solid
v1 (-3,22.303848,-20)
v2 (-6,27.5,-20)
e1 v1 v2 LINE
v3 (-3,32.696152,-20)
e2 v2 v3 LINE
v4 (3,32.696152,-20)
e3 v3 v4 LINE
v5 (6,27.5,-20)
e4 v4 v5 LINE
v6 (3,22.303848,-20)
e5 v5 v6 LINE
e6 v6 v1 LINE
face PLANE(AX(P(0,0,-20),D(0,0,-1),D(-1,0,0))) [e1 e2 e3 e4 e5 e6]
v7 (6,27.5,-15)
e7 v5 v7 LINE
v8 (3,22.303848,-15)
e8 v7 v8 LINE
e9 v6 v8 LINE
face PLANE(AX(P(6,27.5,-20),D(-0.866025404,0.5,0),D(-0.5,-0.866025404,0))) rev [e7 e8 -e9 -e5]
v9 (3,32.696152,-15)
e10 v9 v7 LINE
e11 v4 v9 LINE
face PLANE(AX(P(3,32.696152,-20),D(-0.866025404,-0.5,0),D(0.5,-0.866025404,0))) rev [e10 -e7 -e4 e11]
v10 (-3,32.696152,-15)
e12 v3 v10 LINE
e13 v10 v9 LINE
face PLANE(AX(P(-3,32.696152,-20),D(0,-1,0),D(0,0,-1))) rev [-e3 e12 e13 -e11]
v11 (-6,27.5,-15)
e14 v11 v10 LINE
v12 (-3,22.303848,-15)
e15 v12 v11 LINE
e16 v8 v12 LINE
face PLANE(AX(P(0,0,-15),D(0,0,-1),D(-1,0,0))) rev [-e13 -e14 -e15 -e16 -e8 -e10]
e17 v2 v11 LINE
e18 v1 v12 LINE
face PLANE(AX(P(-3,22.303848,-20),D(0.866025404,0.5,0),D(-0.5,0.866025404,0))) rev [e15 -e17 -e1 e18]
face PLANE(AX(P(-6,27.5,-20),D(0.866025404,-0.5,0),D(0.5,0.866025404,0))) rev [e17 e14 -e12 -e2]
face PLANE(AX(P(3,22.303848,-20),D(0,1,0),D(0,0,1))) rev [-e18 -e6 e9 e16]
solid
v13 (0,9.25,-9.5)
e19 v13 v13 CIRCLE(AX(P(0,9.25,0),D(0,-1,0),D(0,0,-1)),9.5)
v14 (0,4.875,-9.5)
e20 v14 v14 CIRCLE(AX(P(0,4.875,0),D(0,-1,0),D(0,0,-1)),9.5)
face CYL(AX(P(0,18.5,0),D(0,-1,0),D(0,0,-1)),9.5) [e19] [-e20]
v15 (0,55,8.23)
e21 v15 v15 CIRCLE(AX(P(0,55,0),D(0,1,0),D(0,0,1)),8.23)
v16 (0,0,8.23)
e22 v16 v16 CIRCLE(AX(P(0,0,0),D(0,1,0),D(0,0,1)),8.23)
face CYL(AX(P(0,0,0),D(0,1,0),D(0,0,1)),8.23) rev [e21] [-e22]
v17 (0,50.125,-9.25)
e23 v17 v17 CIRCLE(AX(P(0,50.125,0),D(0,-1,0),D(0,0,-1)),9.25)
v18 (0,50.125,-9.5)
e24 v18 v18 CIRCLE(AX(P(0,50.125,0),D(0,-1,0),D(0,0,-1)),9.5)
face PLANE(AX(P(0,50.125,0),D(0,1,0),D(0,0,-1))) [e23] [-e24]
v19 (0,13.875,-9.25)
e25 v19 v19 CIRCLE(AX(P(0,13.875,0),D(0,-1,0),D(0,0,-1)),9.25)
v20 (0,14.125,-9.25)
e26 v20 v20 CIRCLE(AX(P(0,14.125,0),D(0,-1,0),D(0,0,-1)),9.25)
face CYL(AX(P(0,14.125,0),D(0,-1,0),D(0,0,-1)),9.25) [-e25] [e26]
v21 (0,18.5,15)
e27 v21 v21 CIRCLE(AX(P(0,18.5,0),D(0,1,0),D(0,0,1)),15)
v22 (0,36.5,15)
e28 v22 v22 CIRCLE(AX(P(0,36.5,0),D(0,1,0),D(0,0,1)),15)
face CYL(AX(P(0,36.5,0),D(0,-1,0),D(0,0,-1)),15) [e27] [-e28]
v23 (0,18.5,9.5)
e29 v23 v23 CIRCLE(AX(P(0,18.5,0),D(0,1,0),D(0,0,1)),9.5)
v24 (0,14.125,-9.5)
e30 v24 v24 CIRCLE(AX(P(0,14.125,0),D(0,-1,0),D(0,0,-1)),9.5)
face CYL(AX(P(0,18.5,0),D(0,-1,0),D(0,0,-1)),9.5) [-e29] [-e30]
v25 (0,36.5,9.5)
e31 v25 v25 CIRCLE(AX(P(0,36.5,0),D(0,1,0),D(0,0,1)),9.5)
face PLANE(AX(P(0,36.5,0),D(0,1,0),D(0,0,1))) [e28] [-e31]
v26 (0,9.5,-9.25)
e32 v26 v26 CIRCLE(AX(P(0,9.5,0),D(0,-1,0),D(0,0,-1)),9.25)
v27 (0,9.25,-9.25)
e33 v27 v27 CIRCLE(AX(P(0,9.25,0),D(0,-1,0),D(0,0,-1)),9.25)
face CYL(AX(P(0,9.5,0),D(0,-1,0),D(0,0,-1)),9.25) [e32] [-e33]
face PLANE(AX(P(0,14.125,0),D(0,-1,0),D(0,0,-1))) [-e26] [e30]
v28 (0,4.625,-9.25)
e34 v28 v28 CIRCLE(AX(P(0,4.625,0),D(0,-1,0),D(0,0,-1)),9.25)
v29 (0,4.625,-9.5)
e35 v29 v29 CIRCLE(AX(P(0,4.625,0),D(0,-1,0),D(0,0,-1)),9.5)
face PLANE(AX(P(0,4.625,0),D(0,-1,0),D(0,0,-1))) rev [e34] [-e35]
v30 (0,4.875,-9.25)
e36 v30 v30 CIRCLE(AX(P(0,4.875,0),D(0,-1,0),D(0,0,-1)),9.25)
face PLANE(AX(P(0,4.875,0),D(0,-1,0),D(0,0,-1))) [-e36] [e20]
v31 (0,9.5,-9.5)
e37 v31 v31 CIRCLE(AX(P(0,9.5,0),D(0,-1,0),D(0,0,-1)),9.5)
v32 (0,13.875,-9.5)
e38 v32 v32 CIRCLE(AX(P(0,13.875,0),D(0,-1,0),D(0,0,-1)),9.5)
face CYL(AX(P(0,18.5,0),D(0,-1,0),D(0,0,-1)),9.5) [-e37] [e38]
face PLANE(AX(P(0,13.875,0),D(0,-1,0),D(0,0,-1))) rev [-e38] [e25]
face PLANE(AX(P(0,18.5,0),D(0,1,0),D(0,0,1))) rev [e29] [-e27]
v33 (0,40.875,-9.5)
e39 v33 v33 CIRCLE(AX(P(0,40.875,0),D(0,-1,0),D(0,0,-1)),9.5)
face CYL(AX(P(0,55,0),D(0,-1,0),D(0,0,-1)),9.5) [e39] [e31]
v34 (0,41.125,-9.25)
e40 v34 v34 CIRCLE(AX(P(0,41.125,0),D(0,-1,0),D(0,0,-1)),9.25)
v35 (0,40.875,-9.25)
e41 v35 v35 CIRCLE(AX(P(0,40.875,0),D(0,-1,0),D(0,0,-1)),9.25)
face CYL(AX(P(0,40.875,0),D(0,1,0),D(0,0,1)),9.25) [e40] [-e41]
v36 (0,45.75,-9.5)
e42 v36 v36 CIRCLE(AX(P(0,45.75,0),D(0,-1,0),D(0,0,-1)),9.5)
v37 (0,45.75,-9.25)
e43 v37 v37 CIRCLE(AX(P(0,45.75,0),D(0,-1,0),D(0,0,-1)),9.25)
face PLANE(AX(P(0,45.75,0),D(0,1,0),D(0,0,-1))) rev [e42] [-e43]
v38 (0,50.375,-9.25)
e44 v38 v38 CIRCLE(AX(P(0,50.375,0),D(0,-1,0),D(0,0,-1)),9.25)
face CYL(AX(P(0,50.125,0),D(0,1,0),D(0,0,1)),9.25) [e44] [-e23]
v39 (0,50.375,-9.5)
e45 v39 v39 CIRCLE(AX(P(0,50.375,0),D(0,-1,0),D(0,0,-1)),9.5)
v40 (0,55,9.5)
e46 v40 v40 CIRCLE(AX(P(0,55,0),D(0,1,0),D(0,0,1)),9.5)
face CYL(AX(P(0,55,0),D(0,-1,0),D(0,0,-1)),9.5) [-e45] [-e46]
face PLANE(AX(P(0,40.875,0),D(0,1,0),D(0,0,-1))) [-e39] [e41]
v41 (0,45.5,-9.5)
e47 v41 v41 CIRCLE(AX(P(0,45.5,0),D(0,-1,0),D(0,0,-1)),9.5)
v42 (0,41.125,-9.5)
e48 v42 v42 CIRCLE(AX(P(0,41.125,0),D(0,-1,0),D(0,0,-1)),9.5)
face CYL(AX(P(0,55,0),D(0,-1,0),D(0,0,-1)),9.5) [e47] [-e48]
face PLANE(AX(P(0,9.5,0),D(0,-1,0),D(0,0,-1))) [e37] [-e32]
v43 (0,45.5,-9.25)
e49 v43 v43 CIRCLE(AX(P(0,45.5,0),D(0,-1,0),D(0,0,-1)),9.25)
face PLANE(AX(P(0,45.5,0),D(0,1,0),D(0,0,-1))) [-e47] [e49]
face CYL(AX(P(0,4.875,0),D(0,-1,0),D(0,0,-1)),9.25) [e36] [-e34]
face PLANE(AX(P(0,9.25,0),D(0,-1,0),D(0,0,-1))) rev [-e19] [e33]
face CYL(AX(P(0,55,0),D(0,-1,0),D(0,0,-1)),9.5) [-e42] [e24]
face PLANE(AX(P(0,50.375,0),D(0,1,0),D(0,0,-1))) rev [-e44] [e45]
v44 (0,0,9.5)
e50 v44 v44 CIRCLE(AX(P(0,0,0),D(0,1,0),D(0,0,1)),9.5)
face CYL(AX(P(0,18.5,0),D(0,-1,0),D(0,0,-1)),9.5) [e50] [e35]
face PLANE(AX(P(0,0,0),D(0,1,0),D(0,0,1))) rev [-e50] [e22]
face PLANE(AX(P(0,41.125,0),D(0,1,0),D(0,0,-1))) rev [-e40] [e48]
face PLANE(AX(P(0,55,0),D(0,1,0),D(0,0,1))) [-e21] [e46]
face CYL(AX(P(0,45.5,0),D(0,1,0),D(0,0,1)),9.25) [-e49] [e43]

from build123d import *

# Parameters (mm, degrees)
SKETCH1_R                 = 9.5
BOSS_EXTRUDE1_DEPTH       = 18.5
SKETCH2_R                 = 15
BOSS_EXTRUDE2_DEPTH       = 18
SKETCH3_R                 = 9.5
BOSS_EXTRUDE3_DEPTH       = 18.5
SKETCH4_R                 = 9.5
SKETCH4_R_2               = 9.25
CUT_EXTRUDE3_DEPTH        = 0.25
LPATTERN1_COUNT           = 3
LPATTERN1_PITCH           = 4.625
MIRROR1_COPY_1_SKETCH_R   = 9.5
MIRROR1_COPY_1_SKETCH_R_2 = 9.25
MIRROR1_COPY_1_DEPTH      = 0.25
MIRROR1_COPY_2_SKETCH_R   = 9.5
MIRROR1_COPY_2_SKETCH_R_2 = 9.25
MIRROR1_COPY_2_DEPTH      = 0.25
BOSS_EXTRUDE4_DEPTH       = 5
SKETCH6_R                 = 8.23
CUT_EXTRUDE4_DEPTH        = 61.415229868


with BuildPart() as part:
    # Sketch1 → Boss-Extrude1 (new body)
    with BuildSketch(Plane(origin=(0, 0, 0), x_dir=(1, 0, 0), z_dir=(0, 1, 0))):
        with Locations(Location((0, 0, 0), (0, 0, 270))):
            Circle(SKETCH1_R)
    extrude(amount=BOSS_EXTRUDE1_DEPTH)

    # Sketch2 → Boss-Extrude2 (add)
    with BuildSketch(Plane(origin=(0, 18.5, 0), x_dir=(1, 0, 0), z_dir=(0, 1, 0))):
        with Locations(Location((0, 0, 0), (0, 0, 270))):
            Circle(SKETCH2_R)
    extrude(amount=BOSS_EXTRUDE2_DEPTH)

    # Sketch3 → Boss-Extrude3 (add)
    with BuildSketch(Plane(origin=(0, 36.5, 0), x_dir=(1, 0, 0), z_dir=(0, 1, 0))):
        with Locations(Location((0, 0, 0), (0, 0, 270))):
            Circle(SKETCH3_R)
    extrude(amount=BOSS_EXTRUDE3_DEPTH)

    # Sketch4 → Cut-Extrude3 (cut)
    with BuildSketch(Plane(origin=(0, 4.625, 0), x_dir=(-1, 0, 0), z_dir=(0, -1, 0))):
        with Locations(Location((0, 0, 0), (0, 0, 90))):
            Circle(SKETCH4_R)
        with Locations(Location((0, 0, 0), (0, 0, 90))):
            Circle(SKETCH4_R_2, mode=Mode.SUBTRACT)
    cut_extrude3 = extrude(amount=-CUT_EXTRUDE3_DEPTH, mode=Mode.SUBTRACT)

    # LPattern1: Cut-Extrude3 ×3
    with Locations(*[(0, i * LPATTERN1_PITCH, 0) for i in range(1, LPATTERN1_COUNT)]):
        add(cut_extrude3, mode=Mode.SUBTRACT)

    # Mirror1: Cut-Extrude3 across plane
    add(cut_extrude3.mirror(Plane(origin=(0, 27.5, 0), x_dir=(0, 0, 1), z_dir=(0, -1, 0))), mode=Mode.SUBTRACT)

    # Mirror1 copy 1 sketch → Mirror1 copy 1 (cut)
    with BuildSketch(Plane(origin=(0, 45.75, 0), x_dir=(-1, 0, 0), z_dir=(0, 1, 0))):
        Circle(MIRROR1_COPY_1_SKETCH_R)
        Circle(MIRROR1_COPY_1_SKETCH_R_2, mode=Mode.SUBTRACT)
    extrude(amount=-MIRROR1_COPY_1_DEPTH, mode=Mode.SUBTRACT)

    # Mirror1 copy 2 sketch → Mirror1 copy 2 (cut)
    with BuildSketch(Plane(origin=(0, 41.125, 0), x_dir=(-1, 0, 0), z_dir=(0, 1, 0))):
        Circle(MIRROR1_COPY_2_SKETCH_R)
        Circle(MIRROR1_COPY_2_SKETCH_R_2, mode=Mode.SUBTRACT)
    extrude(amount=-MIRROR1_COPY_2_DEPTH, mode=Mode.SUBTRACT)

    # Sketch6 → Cut-Extrude4 (cut, through all)
    with BuildSketch(Plane(origin=(0, 55, 0), x_dir=(1, 0, 0), z_dir=(0, 1, 0))):
        with Locations(Location((0, 0, 0), (0, 0, 270))):
            Circle(SKETCH6_R)
    extrude(amount=-CUT_EXTRUDE4_DEPTH, mode=Mode.SUBTRACT)


with BuildPart() as body_2:
    # Sketch5 → Boss-Extrude4 (new body)
    with BuildSketch(Plane(origin=(0, 0, -15), x_dir=(-1, 0, 0), z_dir=(0, 0, -1))):
        Polygon((-3, 22.303847577), (3, 22.303847577), (6, 27.5), (3, 32.696152423), (-3, 32.696152423), (-6, 27.5), align=None)
    extrude(amount=BOSS_EXTRUDE4_DEPTH)


solid = Compound([part.part, body_2.part])
